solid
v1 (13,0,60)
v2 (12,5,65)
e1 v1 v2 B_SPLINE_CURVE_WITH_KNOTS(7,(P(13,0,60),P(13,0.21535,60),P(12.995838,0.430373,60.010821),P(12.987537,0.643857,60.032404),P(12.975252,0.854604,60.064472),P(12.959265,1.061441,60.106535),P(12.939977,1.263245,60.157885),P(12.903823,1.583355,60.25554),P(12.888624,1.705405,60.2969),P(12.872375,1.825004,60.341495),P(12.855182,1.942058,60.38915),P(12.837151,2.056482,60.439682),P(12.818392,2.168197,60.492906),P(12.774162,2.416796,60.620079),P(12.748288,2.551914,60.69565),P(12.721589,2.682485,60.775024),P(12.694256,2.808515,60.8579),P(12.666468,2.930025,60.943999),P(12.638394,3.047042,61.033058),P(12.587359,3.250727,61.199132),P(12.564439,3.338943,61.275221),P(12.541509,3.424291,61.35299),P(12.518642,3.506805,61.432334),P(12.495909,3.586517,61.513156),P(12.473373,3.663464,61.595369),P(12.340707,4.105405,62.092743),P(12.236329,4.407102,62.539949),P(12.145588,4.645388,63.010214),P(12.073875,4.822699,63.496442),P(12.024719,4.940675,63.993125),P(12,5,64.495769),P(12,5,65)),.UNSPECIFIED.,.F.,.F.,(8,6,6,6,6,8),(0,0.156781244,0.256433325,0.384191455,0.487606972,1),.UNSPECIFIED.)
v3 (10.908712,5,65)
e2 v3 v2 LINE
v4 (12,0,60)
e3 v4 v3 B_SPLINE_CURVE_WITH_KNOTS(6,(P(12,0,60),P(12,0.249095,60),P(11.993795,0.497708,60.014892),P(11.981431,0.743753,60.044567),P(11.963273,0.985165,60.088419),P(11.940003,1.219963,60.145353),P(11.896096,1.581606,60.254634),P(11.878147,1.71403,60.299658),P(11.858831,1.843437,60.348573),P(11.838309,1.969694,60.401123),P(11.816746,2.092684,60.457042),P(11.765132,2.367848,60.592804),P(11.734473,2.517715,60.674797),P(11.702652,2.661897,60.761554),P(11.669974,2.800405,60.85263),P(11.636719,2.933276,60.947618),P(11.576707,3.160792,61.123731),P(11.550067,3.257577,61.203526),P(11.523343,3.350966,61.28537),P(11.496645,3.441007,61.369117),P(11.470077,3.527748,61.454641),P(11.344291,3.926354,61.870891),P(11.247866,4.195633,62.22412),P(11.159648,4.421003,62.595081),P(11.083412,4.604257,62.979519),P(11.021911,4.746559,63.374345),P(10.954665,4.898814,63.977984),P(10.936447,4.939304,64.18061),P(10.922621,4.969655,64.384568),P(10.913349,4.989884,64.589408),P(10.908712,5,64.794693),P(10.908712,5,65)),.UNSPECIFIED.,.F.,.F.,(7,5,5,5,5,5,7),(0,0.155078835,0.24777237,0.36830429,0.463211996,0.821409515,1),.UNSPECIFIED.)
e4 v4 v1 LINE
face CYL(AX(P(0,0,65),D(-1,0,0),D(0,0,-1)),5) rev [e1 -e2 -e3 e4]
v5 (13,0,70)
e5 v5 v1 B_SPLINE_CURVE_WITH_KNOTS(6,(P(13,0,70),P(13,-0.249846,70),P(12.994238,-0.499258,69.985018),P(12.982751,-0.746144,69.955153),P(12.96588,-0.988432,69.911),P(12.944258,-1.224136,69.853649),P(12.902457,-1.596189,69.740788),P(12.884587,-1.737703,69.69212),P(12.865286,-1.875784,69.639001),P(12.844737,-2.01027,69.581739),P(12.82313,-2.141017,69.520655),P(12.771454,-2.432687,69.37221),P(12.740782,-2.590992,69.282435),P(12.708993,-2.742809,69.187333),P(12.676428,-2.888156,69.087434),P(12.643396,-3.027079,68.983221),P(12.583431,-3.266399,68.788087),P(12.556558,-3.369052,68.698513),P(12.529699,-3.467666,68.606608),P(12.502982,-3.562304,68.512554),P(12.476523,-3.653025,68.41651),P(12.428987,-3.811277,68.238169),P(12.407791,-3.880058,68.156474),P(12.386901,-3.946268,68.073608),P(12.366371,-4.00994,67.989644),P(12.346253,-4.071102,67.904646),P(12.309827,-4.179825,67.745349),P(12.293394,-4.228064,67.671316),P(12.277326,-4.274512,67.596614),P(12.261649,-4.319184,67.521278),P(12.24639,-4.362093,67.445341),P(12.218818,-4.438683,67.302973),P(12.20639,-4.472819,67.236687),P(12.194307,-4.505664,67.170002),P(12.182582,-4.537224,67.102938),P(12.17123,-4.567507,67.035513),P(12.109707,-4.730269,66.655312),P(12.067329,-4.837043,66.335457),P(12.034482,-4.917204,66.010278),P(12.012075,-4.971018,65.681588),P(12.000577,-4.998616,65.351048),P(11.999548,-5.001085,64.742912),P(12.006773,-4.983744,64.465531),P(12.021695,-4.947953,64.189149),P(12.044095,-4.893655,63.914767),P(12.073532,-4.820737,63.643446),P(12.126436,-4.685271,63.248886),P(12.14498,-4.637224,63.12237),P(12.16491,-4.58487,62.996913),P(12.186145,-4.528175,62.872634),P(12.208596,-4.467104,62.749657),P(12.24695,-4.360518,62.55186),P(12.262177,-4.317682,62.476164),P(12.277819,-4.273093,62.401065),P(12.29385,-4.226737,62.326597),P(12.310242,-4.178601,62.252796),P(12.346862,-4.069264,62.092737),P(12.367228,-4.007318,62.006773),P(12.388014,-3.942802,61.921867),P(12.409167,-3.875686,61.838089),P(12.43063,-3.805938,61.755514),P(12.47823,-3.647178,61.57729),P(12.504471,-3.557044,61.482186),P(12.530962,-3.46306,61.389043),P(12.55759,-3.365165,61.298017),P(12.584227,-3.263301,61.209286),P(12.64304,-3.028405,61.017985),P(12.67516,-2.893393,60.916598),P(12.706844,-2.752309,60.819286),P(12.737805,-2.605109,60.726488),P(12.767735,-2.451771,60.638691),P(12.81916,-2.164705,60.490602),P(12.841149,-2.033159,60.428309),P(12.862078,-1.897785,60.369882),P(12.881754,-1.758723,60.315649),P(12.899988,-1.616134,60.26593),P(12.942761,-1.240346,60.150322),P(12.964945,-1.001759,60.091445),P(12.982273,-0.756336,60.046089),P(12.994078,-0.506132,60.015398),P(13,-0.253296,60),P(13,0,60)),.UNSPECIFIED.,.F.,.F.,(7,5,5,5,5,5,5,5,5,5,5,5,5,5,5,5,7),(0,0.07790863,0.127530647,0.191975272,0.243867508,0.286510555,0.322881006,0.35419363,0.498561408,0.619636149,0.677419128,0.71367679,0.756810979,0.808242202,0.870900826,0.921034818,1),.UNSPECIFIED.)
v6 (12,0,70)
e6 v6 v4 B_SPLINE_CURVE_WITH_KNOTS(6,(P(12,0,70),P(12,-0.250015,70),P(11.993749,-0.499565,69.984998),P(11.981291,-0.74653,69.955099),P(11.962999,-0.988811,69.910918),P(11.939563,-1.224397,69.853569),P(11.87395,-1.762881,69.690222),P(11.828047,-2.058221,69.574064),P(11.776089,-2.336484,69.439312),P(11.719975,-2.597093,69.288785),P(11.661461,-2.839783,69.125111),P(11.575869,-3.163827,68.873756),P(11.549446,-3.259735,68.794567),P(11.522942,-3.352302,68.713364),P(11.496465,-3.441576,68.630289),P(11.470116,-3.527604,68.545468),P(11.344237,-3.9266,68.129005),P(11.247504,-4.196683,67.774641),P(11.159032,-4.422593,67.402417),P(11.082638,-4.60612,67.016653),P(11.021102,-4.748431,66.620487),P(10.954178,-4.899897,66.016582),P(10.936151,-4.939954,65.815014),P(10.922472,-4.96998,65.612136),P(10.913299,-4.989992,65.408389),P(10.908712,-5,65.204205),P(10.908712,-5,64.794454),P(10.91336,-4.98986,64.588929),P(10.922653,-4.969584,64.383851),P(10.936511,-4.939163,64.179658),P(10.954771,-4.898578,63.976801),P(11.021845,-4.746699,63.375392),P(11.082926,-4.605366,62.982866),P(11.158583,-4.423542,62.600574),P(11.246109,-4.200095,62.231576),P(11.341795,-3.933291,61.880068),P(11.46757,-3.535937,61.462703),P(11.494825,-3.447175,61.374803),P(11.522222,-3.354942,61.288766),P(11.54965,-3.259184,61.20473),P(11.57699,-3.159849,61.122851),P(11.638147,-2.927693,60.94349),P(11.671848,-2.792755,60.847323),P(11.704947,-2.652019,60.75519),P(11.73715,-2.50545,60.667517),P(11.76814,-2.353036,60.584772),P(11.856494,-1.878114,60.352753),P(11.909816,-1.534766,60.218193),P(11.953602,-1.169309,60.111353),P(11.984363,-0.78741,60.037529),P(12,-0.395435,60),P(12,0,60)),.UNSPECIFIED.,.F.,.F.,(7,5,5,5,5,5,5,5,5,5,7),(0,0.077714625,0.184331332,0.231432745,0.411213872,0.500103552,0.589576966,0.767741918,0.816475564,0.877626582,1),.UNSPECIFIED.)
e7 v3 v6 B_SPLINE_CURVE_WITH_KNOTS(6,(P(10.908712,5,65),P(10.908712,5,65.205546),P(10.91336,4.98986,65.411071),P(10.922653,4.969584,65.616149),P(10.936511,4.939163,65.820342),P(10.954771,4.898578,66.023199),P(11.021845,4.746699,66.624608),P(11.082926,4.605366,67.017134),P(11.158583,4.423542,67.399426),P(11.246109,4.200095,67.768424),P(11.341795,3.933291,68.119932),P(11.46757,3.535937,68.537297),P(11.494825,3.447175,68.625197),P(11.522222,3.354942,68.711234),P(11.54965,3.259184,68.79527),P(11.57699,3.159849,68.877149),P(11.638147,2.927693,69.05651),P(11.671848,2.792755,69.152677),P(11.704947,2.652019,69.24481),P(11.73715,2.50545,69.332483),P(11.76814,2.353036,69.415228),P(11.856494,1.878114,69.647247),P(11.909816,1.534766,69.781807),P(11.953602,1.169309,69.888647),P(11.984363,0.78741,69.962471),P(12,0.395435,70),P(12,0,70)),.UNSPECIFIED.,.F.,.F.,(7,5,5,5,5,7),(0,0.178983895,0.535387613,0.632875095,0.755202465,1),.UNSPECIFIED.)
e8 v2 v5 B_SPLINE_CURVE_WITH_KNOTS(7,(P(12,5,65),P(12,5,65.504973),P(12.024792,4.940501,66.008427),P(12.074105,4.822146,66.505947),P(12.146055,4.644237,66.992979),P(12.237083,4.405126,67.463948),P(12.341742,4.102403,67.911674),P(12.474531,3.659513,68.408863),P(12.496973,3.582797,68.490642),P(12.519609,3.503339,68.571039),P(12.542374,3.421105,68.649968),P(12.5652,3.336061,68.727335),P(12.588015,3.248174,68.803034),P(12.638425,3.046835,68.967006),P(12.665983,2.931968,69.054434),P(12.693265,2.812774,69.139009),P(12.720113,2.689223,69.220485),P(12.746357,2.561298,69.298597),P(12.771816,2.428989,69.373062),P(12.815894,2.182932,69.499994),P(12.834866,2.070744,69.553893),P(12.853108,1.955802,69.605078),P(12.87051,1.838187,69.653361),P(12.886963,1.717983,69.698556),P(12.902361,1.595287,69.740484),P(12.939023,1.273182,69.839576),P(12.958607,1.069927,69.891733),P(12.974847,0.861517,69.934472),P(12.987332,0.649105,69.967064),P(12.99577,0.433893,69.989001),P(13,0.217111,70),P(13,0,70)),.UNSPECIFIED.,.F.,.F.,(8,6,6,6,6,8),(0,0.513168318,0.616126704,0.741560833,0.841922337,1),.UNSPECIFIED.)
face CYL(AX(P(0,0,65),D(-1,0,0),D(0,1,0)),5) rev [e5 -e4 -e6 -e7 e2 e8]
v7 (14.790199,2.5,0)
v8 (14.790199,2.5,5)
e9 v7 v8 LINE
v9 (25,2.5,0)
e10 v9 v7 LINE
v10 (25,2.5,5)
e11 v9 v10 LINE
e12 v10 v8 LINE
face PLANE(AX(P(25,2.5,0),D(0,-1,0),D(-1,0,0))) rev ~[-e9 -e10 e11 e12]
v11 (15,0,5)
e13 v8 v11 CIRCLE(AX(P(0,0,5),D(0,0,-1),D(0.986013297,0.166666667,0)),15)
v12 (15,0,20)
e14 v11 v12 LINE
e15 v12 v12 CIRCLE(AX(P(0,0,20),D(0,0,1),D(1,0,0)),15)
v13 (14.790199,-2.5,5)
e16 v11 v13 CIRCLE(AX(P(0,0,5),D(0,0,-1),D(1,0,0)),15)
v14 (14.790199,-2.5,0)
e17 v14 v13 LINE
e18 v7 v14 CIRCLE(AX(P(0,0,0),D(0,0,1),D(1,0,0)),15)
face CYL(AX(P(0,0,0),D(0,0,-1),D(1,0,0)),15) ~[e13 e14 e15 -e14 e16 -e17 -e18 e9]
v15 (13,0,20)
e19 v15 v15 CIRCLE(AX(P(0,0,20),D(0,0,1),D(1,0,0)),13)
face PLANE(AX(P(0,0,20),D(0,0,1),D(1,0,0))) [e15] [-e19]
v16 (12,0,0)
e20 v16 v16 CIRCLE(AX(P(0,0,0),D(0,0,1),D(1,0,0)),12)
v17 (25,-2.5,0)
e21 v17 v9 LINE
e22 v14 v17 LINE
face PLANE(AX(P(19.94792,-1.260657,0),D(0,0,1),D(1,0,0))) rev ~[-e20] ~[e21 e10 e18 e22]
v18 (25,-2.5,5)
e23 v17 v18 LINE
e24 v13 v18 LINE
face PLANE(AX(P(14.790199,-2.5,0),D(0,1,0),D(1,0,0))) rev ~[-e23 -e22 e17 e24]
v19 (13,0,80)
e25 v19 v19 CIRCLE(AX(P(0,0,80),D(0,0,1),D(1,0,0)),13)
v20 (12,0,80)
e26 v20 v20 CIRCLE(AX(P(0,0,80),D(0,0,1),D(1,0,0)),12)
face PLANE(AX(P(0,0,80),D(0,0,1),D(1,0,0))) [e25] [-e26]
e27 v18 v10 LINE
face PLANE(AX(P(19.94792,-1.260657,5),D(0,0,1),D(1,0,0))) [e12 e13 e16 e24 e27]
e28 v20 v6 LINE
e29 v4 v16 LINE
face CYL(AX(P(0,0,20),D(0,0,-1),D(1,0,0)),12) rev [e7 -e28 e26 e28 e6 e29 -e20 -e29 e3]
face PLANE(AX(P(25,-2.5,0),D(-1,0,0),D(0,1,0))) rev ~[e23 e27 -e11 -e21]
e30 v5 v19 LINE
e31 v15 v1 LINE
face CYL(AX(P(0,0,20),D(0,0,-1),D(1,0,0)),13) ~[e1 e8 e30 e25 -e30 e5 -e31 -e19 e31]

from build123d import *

# Parameters (mm, degrees)
F0_R     = 15
F0_R_2   = 12
F1_DEPTH = 20
F2_R     = 13
F2_R_2   = 12
F3_DEPTH = 60
F5_DEPTH = 5
F7_DEPTH = 25


with BuildPart() as f1:
    # F0 (on Top) → F1 (new body)
    with BuildSketch(Plane.XY):
        Circle(F0_R)
        Circle(F0_R_2, mode=Mode.SUBTRACT)
    extrude(amount=F1_DEPTH)

    # F2 (on face) → F3 (join)
    with BuildSketch(Plane.XY.offset(20)):
        Circle(F2_R)
        Circle(F2_R_2, mode=Mode.SUBTRACT)
    extrude(amount=F3_DEPTH)

    # F4 (on Top) → F5 (join)
    with BuildSketch(Plane.XY):
        with BuildLine():
            Line((25, 0), (15, 0))
            ThreePointArc((15, 0), (14.9474578418, -1.2543939042), (14.7901994577, -2.5))
            Line((14.7901994577, -2.5), (25, -2.5))
            Line((25, -2.5), (25, 0))
        make_face()
        with BuildLine():
            ThreePointArc((14.7901994577, 2.5), (14.9474578418, 1.2543939042), (15, 0))
            Line((15, 0), (25, 0))
            Line((25, 0), (25, 2.5))
            Line((25, 2.5), (14.7901994577, 2.5))
        make_face()
    extrude(amount=F5_DEPTH)

    # F6 (on Right) → F7 (cut)
    with BuildSketch(Plane.YZ):
        with BuildLine():
            ThreePointArc((0, 60), (3.5355339059, 61.4644660941), (5, 65))
            ThreePointArc((5, 65), (-3.5355339059, 68.5355339059), (0, 60))
        make_face()
    extrude(amount=F7_DEPTH, mode=Mode.SUBTRACT)


solid = f1.part
